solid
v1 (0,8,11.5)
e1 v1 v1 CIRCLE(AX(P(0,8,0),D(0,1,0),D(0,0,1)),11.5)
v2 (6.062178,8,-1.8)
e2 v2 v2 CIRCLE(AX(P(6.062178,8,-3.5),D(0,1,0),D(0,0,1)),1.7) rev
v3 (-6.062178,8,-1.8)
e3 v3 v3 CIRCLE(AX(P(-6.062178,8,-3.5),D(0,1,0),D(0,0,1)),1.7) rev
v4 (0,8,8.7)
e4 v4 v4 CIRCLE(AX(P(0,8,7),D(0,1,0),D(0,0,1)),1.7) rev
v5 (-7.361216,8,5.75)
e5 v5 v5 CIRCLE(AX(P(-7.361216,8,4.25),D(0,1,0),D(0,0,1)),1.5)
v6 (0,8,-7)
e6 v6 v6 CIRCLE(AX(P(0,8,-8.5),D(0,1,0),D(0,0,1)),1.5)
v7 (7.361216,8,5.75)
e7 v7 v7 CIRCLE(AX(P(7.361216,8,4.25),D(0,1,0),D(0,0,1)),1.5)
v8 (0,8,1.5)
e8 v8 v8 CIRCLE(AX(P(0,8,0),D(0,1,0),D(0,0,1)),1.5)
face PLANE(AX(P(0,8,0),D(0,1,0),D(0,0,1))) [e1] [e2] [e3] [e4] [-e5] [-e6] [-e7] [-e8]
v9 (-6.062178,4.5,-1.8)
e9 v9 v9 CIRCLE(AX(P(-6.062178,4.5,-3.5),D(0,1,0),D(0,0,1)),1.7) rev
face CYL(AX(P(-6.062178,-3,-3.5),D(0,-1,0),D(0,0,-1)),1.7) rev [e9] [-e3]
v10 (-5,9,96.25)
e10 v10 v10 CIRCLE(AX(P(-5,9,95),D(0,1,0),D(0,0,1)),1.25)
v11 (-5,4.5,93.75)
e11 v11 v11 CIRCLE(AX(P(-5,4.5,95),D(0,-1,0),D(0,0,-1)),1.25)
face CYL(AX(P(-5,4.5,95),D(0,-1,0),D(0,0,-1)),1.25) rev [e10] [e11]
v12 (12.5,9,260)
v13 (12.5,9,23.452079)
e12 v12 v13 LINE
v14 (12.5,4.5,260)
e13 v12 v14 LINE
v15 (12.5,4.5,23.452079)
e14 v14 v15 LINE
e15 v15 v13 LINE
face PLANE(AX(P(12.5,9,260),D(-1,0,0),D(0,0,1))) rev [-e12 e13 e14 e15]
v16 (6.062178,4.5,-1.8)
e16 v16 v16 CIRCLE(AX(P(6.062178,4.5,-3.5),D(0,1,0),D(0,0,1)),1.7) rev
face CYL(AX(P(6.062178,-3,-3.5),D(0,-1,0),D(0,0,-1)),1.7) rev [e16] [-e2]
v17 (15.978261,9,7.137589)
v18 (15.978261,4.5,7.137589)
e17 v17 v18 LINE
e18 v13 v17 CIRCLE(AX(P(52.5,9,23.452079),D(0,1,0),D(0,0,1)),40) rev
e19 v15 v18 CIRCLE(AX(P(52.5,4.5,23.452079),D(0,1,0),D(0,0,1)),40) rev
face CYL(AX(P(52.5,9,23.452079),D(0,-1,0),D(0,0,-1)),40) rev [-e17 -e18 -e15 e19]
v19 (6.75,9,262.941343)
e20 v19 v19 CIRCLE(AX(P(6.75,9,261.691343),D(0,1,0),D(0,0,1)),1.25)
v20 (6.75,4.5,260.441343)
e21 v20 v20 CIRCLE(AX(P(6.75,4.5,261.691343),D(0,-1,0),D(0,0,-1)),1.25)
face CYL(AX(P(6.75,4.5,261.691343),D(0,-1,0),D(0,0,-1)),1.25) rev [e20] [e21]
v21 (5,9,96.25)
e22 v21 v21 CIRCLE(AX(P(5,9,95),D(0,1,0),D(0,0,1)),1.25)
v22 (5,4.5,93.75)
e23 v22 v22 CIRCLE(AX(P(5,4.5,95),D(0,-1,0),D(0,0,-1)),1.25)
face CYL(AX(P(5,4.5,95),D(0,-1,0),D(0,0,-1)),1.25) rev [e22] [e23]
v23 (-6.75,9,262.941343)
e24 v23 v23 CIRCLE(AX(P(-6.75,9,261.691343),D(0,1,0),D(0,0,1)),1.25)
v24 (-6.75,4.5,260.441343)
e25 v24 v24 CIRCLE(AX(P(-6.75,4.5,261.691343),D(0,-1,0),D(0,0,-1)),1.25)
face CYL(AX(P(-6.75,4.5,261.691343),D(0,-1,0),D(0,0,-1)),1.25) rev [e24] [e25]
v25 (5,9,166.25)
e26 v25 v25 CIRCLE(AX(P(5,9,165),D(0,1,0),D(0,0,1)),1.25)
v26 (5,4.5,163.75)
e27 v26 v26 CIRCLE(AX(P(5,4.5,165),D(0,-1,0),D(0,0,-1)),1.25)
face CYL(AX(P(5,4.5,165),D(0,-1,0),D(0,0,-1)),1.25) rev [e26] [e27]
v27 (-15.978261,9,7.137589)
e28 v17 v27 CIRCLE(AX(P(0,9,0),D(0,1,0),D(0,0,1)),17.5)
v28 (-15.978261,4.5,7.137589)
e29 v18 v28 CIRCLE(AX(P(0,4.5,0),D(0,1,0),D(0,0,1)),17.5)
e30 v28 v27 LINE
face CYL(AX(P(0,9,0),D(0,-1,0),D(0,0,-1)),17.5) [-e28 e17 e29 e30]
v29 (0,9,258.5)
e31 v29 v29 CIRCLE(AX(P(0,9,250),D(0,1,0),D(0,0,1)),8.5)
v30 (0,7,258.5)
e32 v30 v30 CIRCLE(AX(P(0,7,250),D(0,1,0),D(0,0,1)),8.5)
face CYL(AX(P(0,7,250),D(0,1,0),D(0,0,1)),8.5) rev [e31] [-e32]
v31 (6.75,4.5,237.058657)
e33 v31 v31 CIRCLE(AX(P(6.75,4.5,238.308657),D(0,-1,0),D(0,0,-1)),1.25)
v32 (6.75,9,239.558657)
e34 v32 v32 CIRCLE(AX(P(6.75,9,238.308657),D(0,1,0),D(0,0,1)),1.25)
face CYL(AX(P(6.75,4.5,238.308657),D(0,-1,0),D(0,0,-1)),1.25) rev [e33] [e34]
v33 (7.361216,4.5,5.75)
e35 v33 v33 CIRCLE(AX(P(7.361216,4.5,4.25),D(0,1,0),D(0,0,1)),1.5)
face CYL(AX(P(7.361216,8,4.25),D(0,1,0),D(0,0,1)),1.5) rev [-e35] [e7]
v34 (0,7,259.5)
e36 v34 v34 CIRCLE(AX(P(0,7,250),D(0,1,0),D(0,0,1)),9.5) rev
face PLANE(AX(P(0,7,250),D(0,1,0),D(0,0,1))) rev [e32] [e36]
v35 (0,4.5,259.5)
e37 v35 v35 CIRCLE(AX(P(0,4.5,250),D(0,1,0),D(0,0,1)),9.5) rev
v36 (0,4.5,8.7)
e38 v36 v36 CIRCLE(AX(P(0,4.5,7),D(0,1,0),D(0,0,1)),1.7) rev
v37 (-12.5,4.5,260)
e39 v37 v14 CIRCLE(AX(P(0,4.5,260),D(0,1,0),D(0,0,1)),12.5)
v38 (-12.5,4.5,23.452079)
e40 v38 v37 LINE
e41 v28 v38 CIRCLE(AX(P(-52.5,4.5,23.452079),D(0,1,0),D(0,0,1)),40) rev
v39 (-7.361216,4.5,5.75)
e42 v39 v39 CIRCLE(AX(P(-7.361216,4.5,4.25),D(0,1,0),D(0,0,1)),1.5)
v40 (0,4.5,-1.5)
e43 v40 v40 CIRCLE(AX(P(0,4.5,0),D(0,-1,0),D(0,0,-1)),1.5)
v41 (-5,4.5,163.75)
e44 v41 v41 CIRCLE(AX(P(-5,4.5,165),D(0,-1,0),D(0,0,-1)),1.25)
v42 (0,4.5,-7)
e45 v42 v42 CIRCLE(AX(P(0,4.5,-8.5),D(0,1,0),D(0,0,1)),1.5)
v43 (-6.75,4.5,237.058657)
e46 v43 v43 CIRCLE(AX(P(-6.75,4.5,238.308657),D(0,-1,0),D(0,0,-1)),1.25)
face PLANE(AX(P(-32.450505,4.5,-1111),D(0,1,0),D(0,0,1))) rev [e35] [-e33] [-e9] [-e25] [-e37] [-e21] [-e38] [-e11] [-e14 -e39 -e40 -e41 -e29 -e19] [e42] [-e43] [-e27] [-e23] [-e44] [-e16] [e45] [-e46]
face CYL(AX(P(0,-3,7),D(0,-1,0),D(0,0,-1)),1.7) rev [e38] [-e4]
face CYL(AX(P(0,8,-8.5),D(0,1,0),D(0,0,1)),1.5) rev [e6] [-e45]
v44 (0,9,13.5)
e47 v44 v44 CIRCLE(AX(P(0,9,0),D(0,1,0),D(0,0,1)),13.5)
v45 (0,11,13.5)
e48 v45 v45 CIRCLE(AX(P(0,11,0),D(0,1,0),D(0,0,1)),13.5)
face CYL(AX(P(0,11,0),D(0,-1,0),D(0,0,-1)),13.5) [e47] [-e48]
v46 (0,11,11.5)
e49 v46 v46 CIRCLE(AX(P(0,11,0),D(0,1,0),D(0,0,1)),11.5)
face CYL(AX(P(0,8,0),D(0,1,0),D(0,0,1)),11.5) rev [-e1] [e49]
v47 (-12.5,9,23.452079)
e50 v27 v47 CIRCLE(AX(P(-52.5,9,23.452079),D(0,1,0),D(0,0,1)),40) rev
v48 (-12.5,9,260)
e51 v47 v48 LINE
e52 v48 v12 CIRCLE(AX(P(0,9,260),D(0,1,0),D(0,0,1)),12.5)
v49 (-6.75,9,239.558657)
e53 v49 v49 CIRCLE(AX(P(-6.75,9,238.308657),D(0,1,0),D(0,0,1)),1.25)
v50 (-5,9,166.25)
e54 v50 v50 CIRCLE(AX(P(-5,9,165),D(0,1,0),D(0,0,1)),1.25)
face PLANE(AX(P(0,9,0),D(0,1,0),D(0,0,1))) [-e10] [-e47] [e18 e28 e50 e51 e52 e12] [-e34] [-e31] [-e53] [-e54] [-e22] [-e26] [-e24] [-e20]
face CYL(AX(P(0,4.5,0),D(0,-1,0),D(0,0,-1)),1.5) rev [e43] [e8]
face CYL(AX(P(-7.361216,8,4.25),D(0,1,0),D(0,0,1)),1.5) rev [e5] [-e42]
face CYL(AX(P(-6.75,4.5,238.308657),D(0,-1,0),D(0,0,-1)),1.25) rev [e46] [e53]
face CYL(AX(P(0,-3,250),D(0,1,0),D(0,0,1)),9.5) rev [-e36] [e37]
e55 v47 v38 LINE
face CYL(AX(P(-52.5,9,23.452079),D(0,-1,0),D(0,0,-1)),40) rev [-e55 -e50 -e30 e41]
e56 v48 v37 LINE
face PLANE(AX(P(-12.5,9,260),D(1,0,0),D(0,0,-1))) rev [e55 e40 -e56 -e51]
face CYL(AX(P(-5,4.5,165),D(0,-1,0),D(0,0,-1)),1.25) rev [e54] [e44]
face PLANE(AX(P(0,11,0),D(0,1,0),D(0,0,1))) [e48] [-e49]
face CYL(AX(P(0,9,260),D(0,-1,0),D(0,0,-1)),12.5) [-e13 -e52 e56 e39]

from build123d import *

# Parameters (mm, degrees)
EXTRUDE_1_DEPTH              = 9
SKETCH_3_R                   = 13.5
EXTRUDE_2_DEPTH              = 2
EXTRUDE_START                = 3
SKETCH_4_R                   = 13.5
EXTRUDE_3_DEPTH              = 3
SKETCH_5_R                   = 9.5
CUT_EXTRUDE_2_DEPTH          = 274.324898244
HOLE_WIZARD_M3_1_D           = 3.4
HOLE_WIZARD_M3_1_CBORE_D     = 6.5
HOLE_WIZARD_M3_1_CBORE_DEPTH = 3.4
PATTERN_CIRCULAR_1_COUNT     = 3
EXTRUDE_START_2              = 7
SKETCH_11_R                  = 12.5
SKETCH_11_R_2                = 3.25
EXTRUDE_4_DEPTH              = 7
SKETCH_13_R                  = 11.5
CUT_EXTRUDE_3_DEPTH          = 3
FILLET_1_R                   = 40
SKETCH_26_W                  = 65.136073631
SKETCH_26_H                  = 24.89875822
CUT_EXTRUDE_5_DEPTH          = 1111
SKETCH_28_R                  = 9.5
SKETCH_28_R_2                = 8.5
EXTRUDE_5_DEPTH              = 2
HOLE_WIZARD_M3_2_D           = 2.5
PATTERN_LINEAR_1_COUNT       = 3
PATTERN_LINEAR_1_PITCH       = 70
PATTERN_LINEAR_1_COUNT_DIR2  = 2
PATTERN_LINEAR_1_PITCH_DIR2  = 10
HOLE_WIZARD_M3_3_D           = 2.5
PATTERN_CIRCULAR_4_COUNT     = 6
EXTRUDE_START_3              = -4.5
SKETCH_44_R                  = 1.25
EXTRUDE_6_DEPTH              = 4.5
F_3_0MM_2_D                  = 3
F_3_0MM_2_DEPTH              = 5
F_3_0MM_2_TIP                = 0.901290929
PATTERN_CIRCULAR_5_COUNT     = 3


with BuildPart() as part:
    # 스케치1 → 보스-돌출1 (new body)
    with BuildSketch(Plane(origin=(0, 0, 0), x_dir=(1, 0, 0), z_dir=(0, 1, 0))):
        with BuildLine():
            Line((-12.5, -260), (-12.5, -12.247448714))
            ThreePointArc((-12.5, -12.247448714), (0, 17.5), (12.5, -12.247448714))
            Line((12.5, -12.247448714), (12.5, -260))
            ThreePointArc((12.5, -260), (0, -272.5), (-12.5, -260))
        make_face()
    extrude(amount=EXTRUDE_1_DEPTH)

    # 스케치3 → 보스-돌출2 (add)
    with BuildSketch(Plane(origin=(0, 9, 0), x_dir=(1, 0, 0), z_dir=(0, 1, 0))):
        Circle(SKETCH_3_R)
    extrude(amount=EXTRUDE_2_DEPTH)

    # 스케치4 → 보스-돌출3 (add)
    with BuildSketch(Plane.XZ.offset(EXTRUDE_START)):
        Circle(SKETCH_4_R)
    extrude(amount=-EXTRUDE_3_DEPTH)

    # 스케치5 → 컷-돌출2 (cut, through all)
    with BuildSketch(Plane(origin=(0, 9, 0), x_dir=(1, 0, 0), z_dir=(0, 1, 0))):
        with Locations((0, -250)):
            Circle(SKETCH_5_R)
    extrude(amount=-CUT_EXTRUDE_2_DEPTH, mode=Mode.SUBTRACT)

    # M3 육각 소켓 머리 캡 나사용 카운터보어1 (through all)
    with Locations(Plane(origin=(0, -3, 0), x_dir=(-1, 0, 0), z_dir=(0, -1, 0))):
        with Locations((0, -7)):
            hole_wizard_m3_1 = CounterBoreHole(HOLE_WIZARD_M3_1_D / 2, HOLE_WIZARD_M3_1_CBORE_D / 2, HOLE_WIZARD_M3_1_CBORE_DEPTH)

    # 원형 패턴1: M3 육각 소켓 머리 캡 나사용 카운터보어1 ×3 about axis
    pattern_circular_1_axis = Axis((0, 9, 0), (0, -1, 0))
    for i in range(1, PATTERN_CIRCULAR_1_COUNT):
        add(hole_wizard_m3_1.rotate(pattern_circular_1_axis, i * 360 / PATTERN_CIRCULAR_1_COUNT), mode=Mode.SUBTRACT)

    # 스케치11 → 보스-돌출4 (add)
    with BuildSketch(Plane.XZ.offset(3).offset(EXTRUDE_START_2)):
        Circle(SKETCH_11_R)
        with Locations((-6.062177826, -3.5)):
            Circle(SKETCH_11_R_2, mode=Mode.SUBTRACT)
        with Locations((6.062177826, -3.5)):
            Circle(SKETCH_11_R_2, mode=Mode.SUBTRACT)
        with Locations((0, 7)):
            Circle(SKETCH_11_R_2, mode=Mode.SUBTRACT)
    extrude(amount=-EXTRUDE_4_DEPTH)

    # 스케치13 → 컷-돌출3 (cut)
    with BuildSketch(Plane(origin=(0, 11, 0), x_dir=(1, 0, 0), z_dir=(0, 1, 0))):
        Circle(SKETCH_13_R)
    extrude(amount=-CUT_EXTRUDE_3_DEPTH, mode=Mode.SUBTRACT)

    # 필렛1
    fillet_1_edges = [part.edges().sort_by_distance(p)[0] for p in [
        (12.5, 4.5, 12.247448714),
        (-12.5, 4.5, 12.247448714),
    ]]
    fillet(fillet_1_edges, radius=FILLET_1_R)

    # 스케치26 → 컷-돌출5 (cut, symmetric)
    with BuildSketch(Plane.XY):
        with Locations((0.11753139, -7.94937911)):
            Rectangle(SKETCH_26_W, SKETCH_26_H)
    extrude(amount=CUT_EXTRUDE_5_DEPTH, both=True, mode=Mode.SUBTRACT)

    # 스케치28 → 보스-돌출5 (add)
    with BuildSketch(Plane(origin=(0, 9, 0), x_dir=(1, 0, 0), z_dir=(0, 1, 0))):
        with Locations((0, -250)):
            Circle(SKETCH_28_R)
        with Locations((0, -250)):
            Circle(SKETCH_28_R_2, mode=Mode.SUBTRACT)
    extrude(amount=-EXTRUDE_5_DEPTH)

    # M3 탭을 위한 탭 드릴2 (through all)
    with Locations(Plane(origin=(0, 4.5, 0), x_dir=(-1, 0, 0), z_dir=(0, -1, 0))):
        with Locations((5, -25)):
            hole_wizard_m3_2 = Hole(HOLE_WIZARD_M3_2_D / 2)

    # 선형 패턴1: Hole Wizard M3 _ _ _ _2 3 × 2
    with Locations(*[(j * PATTERN_LINEAR_1_PITCH_DIR2, 0, i * PATTERN_LINEAR_1_PITCH) for i in range(PATTERN_LINEAR_1_COUNT) for j in range(PATTERN_LINEAR_1_COUNT_DIR2) if (i, j) != (0, 0)]):
        add(hole_wizard_m3_2, mode=Mode.SUBTRACT)

    # M3 탭을 위한 탭 드릴3 (through all)
    with Locations(Plane(origin=(0, 4.5, 0), x_dir=(-1, 0, 0), z_dir=(0, -1, 0))):
        with Locations((6.75, -261.691342951)):
            hole_wizard_m3_3 = Hole(HOLE_WIZARD_M3_3_D / 2)

    # 원형 패턴4: M3 탭을 위한 탭 드릴3 ×6 about axis, 2 skipped
    pattern_circular_4_axis = Axis((0, -3, 250), (0, 1, 0))
    add([hole_wizard_m3_3.rotate(pattern_circular_4_axis, i * 360 / PATTERN_CIRCULAR_4_COUNT) for i in range(1, PATTERN_CIRCULAR_4_COUNT) if i not in (2, 5)], mode=Mode.SUBTRACT)

    # 스케치44 → 보스-돌출6 (add)
    with BuildSketch(Plane.XZ.offset(-4.5).offset(EXTRUDE_START_3)):
        with Locations((5, 25)):
            Circle(SKETCH_44_R)
        with Locations((-5, 25)):
            Circle(SKETCH_44_R)
    extrude(amount=EXTRUDE_6_DEPTH)

    # Ø3.0mm 맞춤핀 구멍2
    with Locations(Plane(origin=(0, 4.5, 0), x_dir=(-1, 0, 0), z_dir=(0, -1, 0))):
        with Locations((0, 0)):
            Hole(F_3_0MM_2_D / 2, depth=F_3_0MM_2_DEPTH)
            with Locations((0, 0, -(F_3_0MM_2_DEPTH + F_3_0MM_2_TIP / 2))):  # 118° drill point
                Cone(0, F_3_0MM_2_D / 2, F_3_0MM_2_TIP, mode=Mode.SUBTRACT)

    # 스케치50 → Ø3.0mm 맞춤핀 구멍3 (revolve, cut)
    with BuildSketch(Plane(origin=(0, 8, -8.5), x_dir=(0, 0, 1), z_dir=(1, 0, 0))):
        Polygon((0, 0), (0, 5.901290929), (1.5, 5), (1.5, 0), align=None)
    f_3_0mm_3 = revolve(axis=Axis((0, 14.35, -8.5), (0, -1, 0)), mode=Mode.SUBTRACT)

    # 원형 패턴5: Ø3.0mm 맞춤핀 구멍3 ×3 about axis
    pattern_circular_5_axis = Axis((0, 11, 0), (0, -1, 0))
    for i in range(1, PATTERN_CIRCULAR_5_COUNT):
        add(f_3_0mm_3.rotate(pattern_circular_5_axis, i * 360 / PATTERN_CIRCULAR_5_COUNT), mode=Mode.SUBTRACT)


solid = part.part
